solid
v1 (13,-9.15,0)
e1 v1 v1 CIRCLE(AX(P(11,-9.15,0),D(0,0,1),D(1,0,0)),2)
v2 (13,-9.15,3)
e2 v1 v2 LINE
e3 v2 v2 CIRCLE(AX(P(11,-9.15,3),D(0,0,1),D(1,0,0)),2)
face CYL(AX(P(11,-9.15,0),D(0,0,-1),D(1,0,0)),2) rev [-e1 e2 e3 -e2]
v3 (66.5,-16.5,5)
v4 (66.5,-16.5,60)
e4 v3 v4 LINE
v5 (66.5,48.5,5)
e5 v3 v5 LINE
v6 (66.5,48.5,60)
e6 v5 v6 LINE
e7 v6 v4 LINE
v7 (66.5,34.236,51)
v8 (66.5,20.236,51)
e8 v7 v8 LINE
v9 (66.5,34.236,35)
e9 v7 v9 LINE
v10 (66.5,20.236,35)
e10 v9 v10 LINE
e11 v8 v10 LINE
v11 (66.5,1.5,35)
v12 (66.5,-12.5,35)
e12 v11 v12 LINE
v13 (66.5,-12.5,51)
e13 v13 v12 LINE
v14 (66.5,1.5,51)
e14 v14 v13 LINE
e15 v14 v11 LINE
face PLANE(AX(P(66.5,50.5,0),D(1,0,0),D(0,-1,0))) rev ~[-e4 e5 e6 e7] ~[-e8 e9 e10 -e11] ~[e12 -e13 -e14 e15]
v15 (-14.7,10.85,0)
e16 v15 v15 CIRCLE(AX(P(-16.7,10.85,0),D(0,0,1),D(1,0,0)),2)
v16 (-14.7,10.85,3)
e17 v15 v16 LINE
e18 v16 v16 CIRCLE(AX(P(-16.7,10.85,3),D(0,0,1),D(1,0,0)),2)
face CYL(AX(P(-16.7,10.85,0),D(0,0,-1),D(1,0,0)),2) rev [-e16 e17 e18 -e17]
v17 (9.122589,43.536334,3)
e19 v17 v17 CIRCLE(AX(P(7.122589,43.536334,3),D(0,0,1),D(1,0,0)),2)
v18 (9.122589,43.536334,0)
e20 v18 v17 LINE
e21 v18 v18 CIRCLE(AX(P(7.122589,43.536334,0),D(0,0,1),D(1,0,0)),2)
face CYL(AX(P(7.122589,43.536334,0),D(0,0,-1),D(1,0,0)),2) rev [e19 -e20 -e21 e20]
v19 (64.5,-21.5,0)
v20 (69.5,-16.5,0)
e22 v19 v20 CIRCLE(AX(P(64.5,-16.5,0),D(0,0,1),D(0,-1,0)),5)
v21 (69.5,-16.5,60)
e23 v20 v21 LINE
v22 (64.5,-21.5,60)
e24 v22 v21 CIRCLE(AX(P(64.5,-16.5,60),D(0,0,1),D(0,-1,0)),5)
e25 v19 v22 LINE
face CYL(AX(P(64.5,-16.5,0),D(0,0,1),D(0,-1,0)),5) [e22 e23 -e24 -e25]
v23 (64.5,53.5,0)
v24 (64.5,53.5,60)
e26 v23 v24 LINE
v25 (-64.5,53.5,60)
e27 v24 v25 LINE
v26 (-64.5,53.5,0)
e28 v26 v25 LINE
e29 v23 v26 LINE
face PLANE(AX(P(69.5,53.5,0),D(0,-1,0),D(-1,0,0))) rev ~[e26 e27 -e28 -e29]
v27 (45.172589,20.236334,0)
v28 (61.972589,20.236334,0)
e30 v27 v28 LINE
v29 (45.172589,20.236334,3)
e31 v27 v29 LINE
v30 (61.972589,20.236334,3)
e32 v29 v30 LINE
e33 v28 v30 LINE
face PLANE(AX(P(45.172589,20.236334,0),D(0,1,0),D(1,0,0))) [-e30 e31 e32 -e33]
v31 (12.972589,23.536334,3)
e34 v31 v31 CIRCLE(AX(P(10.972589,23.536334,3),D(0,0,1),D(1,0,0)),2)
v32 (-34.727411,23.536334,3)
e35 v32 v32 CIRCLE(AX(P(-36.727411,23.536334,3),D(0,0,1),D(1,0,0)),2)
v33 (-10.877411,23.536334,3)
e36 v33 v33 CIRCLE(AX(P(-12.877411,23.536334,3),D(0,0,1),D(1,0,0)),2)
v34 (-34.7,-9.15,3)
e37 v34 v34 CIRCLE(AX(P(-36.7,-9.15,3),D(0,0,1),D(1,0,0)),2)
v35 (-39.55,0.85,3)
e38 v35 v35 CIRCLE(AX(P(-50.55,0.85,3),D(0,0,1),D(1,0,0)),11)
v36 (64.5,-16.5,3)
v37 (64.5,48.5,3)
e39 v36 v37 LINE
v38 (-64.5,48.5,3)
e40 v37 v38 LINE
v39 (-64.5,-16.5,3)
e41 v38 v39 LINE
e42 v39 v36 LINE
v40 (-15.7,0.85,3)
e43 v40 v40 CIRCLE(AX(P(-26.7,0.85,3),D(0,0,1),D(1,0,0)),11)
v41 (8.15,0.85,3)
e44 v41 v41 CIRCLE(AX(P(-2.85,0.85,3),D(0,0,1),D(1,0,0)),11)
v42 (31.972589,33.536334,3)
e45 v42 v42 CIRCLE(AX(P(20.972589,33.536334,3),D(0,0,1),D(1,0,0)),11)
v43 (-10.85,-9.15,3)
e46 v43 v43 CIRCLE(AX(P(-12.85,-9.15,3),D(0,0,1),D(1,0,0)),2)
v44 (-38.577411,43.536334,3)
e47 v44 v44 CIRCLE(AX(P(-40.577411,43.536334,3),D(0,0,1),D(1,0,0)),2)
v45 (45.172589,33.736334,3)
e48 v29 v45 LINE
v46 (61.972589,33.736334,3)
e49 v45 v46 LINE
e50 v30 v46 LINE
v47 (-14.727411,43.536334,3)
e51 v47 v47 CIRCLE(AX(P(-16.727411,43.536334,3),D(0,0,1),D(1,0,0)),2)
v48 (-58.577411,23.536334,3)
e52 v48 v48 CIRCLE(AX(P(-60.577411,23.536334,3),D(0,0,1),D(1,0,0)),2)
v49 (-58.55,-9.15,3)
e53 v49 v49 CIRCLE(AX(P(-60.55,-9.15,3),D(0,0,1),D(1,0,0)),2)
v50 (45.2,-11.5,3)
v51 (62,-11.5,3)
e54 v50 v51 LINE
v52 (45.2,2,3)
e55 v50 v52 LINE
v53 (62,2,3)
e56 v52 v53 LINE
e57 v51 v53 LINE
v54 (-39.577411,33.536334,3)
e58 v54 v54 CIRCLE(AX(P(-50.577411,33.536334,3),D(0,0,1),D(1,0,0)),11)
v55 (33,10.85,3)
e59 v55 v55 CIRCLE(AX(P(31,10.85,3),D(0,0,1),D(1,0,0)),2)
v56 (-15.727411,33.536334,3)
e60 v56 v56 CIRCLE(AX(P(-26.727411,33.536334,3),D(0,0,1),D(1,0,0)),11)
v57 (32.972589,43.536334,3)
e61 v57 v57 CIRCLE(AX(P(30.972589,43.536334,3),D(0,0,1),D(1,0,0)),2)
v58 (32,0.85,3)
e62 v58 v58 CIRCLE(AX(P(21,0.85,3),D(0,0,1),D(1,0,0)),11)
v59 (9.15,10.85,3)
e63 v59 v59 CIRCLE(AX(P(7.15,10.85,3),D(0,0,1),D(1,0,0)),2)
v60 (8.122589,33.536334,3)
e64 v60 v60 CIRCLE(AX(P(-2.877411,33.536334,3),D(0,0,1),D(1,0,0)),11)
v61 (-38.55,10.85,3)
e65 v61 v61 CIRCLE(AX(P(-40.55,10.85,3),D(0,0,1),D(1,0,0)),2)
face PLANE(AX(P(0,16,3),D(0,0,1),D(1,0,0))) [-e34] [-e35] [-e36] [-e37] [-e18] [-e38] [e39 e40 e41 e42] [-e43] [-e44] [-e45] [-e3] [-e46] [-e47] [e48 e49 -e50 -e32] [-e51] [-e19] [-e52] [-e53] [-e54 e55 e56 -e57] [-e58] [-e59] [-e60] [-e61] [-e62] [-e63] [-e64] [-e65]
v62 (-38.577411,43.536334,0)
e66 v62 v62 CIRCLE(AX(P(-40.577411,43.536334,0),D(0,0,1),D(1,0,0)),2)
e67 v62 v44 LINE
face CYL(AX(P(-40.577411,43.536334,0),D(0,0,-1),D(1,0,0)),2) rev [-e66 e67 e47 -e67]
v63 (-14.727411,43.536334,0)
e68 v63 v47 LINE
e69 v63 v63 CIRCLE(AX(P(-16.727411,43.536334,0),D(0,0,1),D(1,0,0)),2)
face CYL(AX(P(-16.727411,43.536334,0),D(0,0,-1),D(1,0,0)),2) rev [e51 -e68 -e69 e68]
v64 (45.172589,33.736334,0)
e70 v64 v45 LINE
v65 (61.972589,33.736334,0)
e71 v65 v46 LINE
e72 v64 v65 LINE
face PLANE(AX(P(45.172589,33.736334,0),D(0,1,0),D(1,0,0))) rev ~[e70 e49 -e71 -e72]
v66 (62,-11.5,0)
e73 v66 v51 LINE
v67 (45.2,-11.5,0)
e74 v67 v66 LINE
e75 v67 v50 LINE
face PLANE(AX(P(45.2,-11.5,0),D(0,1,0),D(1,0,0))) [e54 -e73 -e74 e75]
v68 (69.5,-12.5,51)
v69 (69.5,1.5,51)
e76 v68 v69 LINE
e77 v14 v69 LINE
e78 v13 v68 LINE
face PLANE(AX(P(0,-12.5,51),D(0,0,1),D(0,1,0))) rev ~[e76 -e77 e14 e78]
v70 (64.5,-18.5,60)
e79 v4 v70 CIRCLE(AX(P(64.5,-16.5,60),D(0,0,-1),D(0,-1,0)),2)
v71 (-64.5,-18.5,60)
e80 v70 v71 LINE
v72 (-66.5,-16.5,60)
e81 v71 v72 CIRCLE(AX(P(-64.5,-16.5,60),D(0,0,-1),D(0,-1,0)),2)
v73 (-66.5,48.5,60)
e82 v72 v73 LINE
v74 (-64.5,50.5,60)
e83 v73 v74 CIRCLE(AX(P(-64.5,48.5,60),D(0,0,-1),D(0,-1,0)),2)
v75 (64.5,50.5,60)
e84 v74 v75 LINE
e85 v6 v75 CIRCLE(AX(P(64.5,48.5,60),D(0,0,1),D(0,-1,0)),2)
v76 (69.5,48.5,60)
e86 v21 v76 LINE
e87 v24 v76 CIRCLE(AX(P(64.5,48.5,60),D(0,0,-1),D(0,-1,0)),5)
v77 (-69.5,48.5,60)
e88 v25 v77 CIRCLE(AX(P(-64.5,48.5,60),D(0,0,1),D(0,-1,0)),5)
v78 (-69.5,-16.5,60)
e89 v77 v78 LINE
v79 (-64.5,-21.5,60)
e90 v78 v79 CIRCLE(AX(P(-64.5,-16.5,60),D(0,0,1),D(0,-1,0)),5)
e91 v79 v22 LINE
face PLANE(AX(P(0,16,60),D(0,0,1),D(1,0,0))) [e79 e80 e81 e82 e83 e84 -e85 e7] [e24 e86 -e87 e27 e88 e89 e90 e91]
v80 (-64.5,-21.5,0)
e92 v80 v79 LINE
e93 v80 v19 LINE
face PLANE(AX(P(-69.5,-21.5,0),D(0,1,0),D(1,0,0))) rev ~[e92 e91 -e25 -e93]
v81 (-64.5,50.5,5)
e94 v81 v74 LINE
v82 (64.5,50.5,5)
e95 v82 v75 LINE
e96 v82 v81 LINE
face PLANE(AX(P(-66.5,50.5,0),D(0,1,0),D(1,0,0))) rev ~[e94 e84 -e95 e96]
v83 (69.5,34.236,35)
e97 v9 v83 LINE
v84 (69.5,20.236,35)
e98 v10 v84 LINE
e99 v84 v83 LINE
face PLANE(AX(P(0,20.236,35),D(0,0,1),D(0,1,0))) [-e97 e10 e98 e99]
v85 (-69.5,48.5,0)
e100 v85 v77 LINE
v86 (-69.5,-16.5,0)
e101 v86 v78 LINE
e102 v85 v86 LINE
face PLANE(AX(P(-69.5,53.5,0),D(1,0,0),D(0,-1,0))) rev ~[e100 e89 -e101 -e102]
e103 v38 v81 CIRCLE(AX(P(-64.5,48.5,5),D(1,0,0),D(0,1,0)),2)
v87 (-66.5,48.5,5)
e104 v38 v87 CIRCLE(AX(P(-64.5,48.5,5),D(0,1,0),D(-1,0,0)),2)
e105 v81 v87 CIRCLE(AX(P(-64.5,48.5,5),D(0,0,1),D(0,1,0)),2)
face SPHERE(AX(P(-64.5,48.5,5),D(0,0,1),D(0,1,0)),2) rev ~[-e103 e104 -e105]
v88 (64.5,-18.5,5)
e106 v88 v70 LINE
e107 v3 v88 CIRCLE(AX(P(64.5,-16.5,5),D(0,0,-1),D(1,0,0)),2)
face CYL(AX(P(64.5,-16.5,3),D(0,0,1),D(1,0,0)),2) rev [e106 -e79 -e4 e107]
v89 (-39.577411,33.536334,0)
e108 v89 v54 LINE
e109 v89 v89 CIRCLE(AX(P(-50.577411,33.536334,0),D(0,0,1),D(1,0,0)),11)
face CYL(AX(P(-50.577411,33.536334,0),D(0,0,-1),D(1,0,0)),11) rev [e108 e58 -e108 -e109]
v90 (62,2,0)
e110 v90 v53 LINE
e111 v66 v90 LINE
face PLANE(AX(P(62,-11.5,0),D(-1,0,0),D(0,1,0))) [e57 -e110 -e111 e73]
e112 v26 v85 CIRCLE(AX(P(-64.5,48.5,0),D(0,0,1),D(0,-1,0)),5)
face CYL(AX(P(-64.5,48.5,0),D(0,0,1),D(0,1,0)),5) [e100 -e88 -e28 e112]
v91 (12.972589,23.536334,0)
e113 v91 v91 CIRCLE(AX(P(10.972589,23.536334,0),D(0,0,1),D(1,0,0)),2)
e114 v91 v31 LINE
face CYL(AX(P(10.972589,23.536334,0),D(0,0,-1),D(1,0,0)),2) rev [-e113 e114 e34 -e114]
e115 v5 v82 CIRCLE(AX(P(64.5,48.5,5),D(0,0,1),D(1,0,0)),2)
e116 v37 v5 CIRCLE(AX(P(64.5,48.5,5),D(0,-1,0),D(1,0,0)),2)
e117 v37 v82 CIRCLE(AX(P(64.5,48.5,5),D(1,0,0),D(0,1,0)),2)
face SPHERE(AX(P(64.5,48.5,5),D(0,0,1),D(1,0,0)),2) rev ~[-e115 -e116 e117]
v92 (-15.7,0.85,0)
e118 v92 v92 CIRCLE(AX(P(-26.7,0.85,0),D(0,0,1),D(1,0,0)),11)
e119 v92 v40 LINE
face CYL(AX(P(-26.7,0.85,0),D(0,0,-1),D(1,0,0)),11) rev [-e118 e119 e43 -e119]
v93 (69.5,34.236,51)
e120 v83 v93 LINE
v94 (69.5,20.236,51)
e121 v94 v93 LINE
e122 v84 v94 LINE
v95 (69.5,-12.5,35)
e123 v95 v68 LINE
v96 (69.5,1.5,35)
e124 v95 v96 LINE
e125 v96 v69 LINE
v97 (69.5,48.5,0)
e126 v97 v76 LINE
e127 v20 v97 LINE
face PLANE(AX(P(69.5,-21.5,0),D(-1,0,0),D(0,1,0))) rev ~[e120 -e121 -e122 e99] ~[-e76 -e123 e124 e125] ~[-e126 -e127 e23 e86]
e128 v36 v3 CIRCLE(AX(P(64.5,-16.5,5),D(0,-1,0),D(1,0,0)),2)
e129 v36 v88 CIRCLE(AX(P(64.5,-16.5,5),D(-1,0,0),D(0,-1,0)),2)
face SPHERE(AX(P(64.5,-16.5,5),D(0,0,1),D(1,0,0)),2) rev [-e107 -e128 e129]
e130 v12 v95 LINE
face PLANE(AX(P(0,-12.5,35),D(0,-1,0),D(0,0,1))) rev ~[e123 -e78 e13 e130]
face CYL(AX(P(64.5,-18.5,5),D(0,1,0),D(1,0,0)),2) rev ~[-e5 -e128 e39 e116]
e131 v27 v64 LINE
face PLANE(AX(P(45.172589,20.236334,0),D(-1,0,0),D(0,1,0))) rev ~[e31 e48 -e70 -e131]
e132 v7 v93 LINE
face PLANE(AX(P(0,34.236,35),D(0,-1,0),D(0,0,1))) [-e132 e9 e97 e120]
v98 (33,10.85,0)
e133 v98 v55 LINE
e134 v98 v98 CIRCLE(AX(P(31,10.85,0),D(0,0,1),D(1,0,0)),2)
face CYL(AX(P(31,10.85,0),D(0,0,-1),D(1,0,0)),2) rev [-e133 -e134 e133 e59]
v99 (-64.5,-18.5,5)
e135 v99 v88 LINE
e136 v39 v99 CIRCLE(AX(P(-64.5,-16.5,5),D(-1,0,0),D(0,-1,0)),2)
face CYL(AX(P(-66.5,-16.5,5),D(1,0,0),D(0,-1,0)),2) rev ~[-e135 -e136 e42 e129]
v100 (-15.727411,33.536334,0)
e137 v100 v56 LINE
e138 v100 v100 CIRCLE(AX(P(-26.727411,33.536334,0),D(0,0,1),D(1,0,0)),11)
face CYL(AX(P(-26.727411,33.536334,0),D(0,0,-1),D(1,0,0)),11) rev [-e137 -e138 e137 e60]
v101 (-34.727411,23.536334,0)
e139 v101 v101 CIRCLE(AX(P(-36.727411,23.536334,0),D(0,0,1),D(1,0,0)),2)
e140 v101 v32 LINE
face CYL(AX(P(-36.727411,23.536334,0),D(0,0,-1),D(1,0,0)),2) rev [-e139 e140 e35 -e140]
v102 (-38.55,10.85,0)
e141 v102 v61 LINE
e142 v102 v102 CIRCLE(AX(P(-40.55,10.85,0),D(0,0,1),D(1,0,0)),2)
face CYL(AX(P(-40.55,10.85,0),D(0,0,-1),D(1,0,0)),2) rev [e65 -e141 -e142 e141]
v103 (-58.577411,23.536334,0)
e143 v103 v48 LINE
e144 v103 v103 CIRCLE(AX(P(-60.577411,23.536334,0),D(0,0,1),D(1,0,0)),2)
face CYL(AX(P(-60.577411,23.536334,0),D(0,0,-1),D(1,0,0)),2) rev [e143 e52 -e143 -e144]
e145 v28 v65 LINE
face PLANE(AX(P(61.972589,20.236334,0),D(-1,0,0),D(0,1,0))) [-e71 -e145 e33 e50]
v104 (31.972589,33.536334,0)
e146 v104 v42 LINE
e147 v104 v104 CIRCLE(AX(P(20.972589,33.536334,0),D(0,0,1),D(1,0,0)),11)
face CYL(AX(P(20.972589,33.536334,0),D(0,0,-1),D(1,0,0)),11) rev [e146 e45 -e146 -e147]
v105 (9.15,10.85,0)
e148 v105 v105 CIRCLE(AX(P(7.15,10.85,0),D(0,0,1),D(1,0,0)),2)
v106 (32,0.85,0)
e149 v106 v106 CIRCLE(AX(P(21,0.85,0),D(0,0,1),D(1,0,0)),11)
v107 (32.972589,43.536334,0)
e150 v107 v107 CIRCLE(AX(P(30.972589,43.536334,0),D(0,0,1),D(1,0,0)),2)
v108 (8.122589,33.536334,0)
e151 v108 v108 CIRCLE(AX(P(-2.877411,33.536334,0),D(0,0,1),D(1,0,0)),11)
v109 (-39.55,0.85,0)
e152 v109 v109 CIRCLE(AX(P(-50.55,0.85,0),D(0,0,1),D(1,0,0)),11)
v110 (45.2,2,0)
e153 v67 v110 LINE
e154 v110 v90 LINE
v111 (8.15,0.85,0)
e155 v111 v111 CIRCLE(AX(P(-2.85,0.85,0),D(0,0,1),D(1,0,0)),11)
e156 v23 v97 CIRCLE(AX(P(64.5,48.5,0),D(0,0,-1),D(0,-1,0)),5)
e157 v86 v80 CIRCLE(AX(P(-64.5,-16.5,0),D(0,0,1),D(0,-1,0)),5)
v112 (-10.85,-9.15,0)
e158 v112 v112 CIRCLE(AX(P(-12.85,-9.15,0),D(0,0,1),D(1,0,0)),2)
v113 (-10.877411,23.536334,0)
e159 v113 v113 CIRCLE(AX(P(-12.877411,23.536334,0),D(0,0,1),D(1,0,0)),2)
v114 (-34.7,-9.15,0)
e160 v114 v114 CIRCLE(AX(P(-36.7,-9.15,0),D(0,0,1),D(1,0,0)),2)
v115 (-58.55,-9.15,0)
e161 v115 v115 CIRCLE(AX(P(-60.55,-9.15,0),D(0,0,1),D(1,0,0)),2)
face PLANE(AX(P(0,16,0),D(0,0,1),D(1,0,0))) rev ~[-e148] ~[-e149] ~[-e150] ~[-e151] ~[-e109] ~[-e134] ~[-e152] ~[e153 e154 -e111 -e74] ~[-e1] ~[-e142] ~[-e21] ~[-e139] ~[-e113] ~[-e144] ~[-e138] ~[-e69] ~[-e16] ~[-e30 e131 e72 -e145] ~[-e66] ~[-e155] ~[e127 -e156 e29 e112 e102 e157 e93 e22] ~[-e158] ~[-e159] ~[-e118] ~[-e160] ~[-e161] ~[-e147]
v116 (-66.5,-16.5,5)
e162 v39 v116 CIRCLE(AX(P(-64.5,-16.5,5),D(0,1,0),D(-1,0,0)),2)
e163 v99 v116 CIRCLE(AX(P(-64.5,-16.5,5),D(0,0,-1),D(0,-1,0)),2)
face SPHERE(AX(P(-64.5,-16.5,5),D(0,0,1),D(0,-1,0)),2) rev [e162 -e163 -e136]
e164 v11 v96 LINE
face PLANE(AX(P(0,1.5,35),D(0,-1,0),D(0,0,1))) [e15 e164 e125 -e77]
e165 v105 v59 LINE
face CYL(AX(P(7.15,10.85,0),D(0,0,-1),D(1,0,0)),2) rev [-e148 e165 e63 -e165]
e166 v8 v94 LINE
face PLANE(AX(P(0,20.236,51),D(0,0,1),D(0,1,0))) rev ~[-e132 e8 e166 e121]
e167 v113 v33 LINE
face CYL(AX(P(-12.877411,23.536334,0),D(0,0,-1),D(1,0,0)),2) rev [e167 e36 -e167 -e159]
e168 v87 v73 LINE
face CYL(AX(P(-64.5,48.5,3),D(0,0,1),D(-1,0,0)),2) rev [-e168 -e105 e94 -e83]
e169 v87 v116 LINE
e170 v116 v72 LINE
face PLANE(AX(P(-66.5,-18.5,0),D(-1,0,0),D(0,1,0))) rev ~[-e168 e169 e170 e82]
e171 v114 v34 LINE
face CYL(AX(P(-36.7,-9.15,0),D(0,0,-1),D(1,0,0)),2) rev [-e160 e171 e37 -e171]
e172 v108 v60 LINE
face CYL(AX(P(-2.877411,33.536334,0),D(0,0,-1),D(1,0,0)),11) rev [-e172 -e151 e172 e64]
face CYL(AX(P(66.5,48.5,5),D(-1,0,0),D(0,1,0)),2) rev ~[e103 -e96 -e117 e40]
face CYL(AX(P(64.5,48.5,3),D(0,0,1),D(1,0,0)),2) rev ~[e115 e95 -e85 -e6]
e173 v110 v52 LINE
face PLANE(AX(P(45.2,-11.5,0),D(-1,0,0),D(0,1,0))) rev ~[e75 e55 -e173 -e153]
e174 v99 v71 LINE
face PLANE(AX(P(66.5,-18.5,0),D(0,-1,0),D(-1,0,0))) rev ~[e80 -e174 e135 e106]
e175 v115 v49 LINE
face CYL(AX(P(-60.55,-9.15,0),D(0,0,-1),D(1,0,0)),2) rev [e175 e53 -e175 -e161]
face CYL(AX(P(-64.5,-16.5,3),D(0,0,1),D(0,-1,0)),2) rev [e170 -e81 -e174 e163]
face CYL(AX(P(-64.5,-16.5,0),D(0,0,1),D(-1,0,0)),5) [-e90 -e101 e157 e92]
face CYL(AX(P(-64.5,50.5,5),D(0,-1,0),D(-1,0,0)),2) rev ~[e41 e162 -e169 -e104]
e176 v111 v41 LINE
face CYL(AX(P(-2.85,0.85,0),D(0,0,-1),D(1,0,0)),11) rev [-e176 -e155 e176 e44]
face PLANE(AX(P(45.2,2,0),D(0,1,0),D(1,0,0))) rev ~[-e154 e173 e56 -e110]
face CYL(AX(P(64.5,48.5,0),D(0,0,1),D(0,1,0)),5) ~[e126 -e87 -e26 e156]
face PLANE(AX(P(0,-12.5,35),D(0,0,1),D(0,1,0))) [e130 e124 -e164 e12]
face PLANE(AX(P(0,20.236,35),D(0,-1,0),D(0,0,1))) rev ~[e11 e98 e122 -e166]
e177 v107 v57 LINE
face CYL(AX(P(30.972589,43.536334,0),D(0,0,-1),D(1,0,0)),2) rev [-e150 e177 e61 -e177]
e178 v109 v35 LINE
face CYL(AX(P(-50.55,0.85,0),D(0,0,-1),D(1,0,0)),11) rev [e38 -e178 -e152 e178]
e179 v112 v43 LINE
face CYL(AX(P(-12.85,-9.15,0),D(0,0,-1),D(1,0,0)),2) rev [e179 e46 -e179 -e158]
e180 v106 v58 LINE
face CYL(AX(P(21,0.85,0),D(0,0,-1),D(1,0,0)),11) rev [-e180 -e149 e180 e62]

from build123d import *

# Parameters (mm, degrees)
F0_R     = 2
F0_R_2   = 11
F0_W     = 16.8
F0_H     = 13.5
F1_DEPTH = 3
F2_DEPTH = 60
F3_W     = 14
F3_H     = 16
F4_DEPTH = 69.501
F5_R     = 2
F6_R     = 5


with BuildPart() as f1:
    # F0 (on Top) → F1 (new body)
    with BuildSketch(Plane.XY):
        Polygon((-66.5, -18.5), (66.5, -18.5), (66.5, 15.5), (66.5, 50.5), (-66.5, 50.5), (-66.5, 15.5), align=None)
        with Locations((-60.55, -9.15)):
            Circle(F0_R, mode=Mode.SUBTRACT)
        with Locations((-36.7, -9.15)):
            Circle(F0_R, mode=Mode.SUBTRACT)
        with Locations((-12.85, -9.15)):
            Circle(F0_R, mode=Mode.SUBTRACT)
        with Locations((-50.55, 0.85)):
            Circle(F0_R_2, mode=Mode.SUBTRACT)
        with Locations((-40.55, 10.85)):
            Circle(F0_R, mode=Mode.SUBTRACT)
        with Locations((-26.7, 0.85)):
            Circle(F0_R_2, mode=Mode.SUBTRACT)
        with Locations((-2.85, 0.85)):
            Circle(F0_R_2, mode=Mode.SUBTRACT)
        with Locations((-16.7, 10.85)):
            Circle(F0_R, mode=Mode.SUBTRACT)
        with Locations((11, -9.15)):
            Circle(F0_R, mode=Mode.SUBTRACT)
        with Locations((53.6, -4.75)):
            Rectangle(F0_W, F0_H, mode=Mode.SUBTRACT)
        with Locations((21, 0.85)):
            Circle(F0_R_2, mode=Mode.SUBTRACT)
        with Locations((7.15, 10.85)):
            Circle(F0_R, mode=Mode.SUBTRACT)
        with Locations((31, 10.85)):
            Circle(F0_R, mode=Mode.SUBTRACT)
        with Locations((-60.577411, 23.536334)):
            Circle(F0_R, mode=Mode.SUBTRACT)
        with Locations((-36.727411, 23.536334)):
            Circle(F0_R, mode=Mode.SUBTRACT)
        with Locations((-50.577411, 33.536334)):
            Circle(F0_R_2, mode=Mode.SUBTRACT)
        with Locations((-12.877411, 23.536334)):
            Circle(F0_R, mode=Mode.SUBTRACT)
        with Locations((-26.727411, 33.536334)):
            Circle(F0_R_2, mode=Mode.SUBTRACT)
        with Locations((-2.877411, 33.536334)):
            Circle(F0_R_2, mode=Mode.SUBTRACT)
        with Locations((-40.577411, 43.536334)):
            Circle(F0_R, mode=Mode.SUBTRACT)
        with Locations((-16.727411, 43.536334)):
            Circle(F0_R, mode=Mode.SUBTRACT)
        with Locations((10.972589, 23.536334)):
            Circle(F0_R, mode=Mode.SUBTRACT)
        with Locations((20.972589, 33.536334)):
            Circle(F0_R_2, mode=Mode.SUBTRACT)
        with Locations((53.572589, 26.986334)):
            Rectangle(F0_W, F0_H, mode=Mode.SUBTRACT)
        with Locations((7.122589, 43.536334)):
            Circle(F0_R, mode=Mode.SUBTRACT)
        with Locations((30.972589, 43.536334)):
            Circle(F0_R, mode=Mode.SUBTRACT)
    extrude(amount=F1_DEPTH)

    # F0 (on Top) → F2 (join)
    with BuildSketch(Plane.XY):
        Polygon((69.5, -15.5), (69.5, 15.5), (69.5, 53.5), (-69.5, 53.5), (-69.5, 15.5), (-69.5, -15.5), (-69.5, -21.5), (-63.5, -21.5), (63.5, -21.5), (69.5, -21.5), align=None)
        Polygon((66.5, 15.5), (66.5, -18.5), (-66.5, -18.5), (-66.5, 15.5), (-66.5, 50.5), (66.5, 50.5), align=None, mode=Mode.SUBTRACT)
    extrude(amount=F2_DEPTH)

    # F3 (on Right) → F4 (cut, through all)
    with BuildSketch(Plane.YZ):
        with Locations((-5.5, 43)):
            Rectangle(F3_W, F3_H)
        with Locations((27.236, 43)):
            Rectangle(F3_W, F3_H)
    extrude(amount=F4_DEPTH, mode=Mode.SUBTRACT)

    # F5
    f5_edges = [f1.edges().sort_by_distance(p)[0] for p in [
        (66.5, -18.5, 31.5),
        (-66.5, -18.5, 31.5),
        (-66.5, 50.5, 31.5),
        (66.5, 50.5, 31.5),
        (66.5, 16, 3),
        (0, 50.5, 3),
        (0, -18.5, 3),
        (-66.5, 16, 3),
    ]]
    fillet(f5_edges, radius=F5_R)

    # F6
    f6_edges = [f1.edges().sort_by_distance(p)[0] for p in [
        (69.5, -21.5, 30),
        (69.5, 53.5, 30),
        (-69.5, 53.5, 30),
        (-69.5, -21.5, 30),
    ]]
    fillet(f6_edges, radius=F6_R)


solid = f1.part
